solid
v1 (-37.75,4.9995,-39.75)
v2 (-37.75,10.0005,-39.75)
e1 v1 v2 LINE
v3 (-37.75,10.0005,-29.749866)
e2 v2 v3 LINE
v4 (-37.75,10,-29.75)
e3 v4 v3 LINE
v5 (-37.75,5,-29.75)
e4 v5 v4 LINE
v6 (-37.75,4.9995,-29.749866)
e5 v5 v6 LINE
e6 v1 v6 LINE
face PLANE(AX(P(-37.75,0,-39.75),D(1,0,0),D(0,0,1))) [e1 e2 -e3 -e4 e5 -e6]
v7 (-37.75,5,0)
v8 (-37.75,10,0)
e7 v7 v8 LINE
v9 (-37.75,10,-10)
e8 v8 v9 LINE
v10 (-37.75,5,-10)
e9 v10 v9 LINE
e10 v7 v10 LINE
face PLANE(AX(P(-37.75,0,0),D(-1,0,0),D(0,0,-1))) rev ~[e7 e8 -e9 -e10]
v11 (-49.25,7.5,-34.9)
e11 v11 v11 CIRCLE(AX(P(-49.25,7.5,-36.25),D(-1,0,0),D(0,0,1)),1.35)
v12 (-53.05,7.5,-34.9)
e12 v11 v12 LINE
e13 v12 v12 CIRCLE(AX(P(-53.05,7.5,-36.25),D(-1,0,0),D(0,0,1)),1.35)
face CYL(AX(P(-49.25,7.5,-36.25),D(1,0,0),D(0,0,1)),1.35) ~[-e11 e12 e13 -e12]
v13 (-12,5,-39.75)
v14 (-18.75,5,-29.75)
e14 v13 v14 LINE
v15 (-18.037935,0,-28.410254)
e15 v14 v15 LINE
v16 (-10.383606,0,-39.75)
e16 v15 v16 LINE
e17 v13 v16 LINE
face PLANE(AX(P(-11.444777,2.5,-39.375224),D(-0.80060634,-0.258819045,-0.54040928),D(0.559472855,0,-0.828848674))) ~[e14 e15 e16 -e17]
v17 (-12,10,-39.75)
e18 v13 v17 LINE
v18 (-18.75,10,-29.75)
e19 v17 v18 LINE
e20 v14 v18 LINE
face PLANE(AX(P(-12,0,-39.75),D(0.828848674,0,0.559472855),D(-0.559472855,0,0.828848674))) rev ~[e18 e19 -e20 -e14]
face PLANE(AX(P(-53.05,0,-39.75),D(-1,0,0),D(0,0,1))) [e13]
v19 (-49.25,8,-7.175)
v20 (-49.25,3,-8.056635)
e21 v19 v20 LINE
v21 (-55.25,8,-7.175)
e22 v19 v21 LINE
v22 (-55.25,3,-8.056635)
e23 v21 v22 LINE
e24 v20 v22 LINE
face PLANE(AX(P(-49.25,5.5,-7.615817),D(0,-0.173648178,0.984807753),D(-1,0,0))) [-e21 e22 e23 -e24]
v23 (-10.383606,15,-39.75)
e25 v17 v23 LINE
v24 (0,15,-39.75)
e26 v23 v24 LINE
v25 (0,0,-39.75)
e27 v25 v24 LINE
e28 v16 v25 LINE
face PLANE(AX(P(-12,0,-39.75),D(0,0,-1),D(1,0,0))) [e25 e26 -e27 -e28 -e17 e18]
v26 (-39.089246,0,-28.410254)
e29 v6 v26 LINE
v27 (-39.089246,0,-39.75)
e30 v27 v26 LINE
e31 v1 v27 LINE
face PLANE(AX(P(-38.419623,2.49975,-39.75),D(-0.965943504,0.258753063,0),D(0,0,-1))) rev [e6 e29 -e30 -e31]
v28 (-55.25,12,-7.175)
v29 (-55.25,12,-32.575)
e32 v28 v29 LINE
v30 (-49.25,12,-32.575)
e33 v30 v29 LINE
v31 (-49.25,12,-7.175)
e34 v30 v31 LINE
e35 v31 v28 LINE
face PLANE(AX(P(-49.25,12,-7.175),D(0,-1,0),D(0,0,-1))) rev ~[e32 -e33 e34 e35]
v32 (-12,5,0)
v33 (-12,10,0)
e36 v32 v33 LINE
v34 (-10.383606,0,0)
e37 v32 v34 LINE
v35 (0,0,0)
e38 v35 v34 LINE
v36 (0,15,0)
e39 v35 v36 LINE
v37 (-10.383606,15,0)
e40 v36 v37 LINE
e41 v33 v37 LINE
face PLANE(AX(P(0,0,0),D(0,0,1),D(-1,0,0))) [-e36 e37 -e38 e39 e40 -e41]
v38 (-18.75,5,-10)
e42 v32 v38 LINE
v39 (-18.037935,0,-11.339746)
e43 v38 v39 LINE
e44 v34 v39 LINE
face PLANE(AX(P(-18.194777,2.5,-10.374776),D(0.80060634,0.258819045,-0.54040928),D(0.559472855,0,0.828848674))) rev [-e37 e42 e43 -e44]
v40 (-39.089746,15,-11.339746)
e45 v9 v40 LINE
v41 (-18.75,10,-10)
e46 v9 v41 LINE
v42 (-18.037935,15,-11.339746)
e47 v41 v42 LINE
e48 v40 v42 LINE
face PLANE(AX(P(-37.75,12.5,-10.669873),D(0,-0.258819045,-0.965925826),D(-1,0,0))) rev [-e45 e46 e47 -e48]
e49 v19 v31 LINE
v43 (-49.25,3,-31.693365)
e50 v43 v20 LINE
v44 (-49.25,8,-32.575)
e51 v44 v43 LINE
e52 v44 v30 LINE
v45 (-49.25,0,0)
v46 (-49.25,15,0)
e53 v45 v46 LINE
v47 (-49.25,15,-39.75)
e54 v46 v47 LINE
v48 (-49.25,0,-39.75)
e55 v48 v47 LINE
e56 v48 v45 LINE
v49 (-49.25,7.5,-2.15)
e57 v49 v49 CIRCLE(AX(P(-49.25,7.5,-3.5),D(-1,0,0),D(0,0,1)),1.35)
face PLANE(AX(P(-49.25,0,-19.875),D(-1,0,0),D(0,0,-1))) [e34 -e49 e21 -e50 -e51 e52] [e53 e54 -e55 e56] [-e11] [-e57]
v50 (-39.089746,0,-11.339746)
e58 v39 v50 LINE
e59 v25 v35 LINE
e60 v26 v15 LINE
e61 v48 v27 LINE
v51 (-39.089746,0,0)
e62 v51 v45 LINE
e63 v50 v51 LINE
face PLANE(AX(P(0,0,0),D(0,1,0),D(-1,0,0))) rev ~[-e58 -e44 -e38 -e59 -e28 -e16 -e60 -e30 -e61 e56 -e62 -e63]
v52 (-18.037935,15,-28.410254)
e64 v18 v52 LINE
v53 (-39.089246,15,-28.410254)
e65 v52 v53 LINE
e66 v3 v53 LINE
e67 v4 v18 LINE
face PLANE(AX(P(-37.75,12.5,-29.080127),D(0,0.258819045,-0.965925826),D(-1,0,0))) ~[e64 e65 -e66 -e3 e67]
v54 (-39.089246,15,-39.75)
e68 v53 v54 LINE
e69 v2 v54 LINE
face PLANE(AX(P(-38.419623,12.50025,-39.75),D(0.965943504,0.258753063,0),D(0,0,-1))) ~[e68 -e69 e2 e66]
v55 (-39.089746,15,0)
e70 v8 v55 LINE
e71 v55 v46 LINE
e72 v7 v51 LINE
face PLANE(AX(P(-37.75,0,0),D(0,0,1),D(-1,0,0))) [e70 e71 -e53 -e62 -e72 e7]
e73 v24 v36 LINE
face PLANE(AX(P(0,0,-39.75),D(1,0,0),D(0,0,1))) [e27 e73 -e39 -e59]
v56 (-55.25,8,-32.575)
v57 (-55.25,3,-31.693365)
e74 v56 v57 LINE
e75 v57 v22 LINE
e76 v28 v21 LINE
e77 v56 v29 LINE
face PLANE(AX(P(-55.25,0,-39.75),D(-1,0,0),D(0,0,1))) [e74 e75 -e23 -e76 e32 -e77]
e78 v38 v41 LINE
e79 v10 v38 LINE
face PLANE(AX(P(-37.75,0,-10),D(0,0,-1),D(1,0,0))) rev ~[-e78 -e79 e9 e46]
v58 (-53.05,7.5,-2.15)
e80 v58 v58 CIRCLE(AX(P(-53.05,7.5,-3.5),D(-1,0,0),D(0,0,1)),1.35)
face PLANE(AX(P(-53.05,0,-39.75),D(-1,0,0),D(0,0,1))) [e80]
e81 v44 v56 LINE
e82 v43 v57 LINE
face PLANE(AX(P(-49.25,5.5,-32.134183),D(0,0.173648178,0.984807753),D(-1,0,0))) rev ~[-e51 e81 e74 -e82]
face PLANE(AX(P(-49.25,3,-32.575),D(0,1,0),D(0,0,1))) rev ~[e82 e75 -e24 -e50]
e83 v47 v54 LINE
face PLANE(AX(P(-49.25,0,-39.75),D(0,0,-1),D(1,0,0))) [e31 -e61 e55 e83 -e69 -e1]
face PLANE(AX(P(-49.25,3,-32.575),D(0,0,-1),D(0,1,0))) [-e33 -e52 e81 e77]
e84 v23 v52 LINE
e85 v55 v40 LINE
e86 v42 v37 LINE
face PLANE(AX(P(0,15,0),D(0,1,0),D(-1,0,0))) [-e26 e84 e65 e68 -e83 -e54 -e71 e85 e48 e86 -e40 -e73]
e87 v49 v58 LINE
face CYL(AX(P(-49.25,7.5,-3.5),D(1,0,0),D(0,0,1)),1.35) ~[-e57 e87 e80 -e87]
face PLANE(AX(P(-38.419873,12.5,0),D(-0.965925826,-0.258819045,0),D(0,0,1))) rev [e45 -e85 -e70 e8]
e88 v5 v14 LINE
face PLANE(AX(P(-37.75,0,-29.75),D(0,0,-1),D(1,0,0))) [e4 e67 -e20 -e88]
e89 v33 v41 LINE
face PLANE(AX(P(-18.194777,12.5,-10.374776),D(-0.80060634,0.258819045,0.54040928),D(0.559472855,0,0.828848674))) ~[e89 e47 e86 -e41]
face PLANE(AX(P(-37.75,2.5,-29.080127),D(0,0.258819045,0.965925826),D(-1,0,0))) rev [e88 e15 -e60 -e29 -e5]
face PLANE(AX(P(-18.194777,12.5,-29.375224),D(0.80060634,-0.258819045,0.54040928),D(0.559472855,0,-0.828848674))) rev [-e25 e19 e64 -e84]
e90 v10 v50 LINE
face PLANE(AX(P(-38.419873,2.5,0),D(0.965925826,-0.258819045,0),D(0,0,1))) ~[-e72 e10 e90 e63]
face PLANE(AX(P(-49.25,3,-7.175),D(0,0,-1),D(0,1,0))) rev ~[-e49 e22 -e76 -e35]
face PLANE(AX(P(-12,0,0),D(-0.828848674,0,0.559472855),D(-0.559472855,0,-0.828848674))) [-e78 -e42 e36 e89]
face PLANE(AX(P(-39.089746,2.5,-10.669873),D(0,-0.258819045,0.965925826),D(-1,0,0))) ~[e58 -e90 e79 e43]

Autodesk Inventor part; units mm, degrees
ref_plane "YZ Plane" through (0, 0, 0) normal (1, 0, 0) x (0, 1, 0)
ref_plane "XZ Plane" through (0, 0, 0) normal (0, 1, 0) x (-1, 0, 0)
ref_plane "XY Plane" through (0, 0, 0) normal (0, 0, 1) x (1, 0, 0)
sketch "Sketch1" plane through (0, 0, 0) normal (0, 1, 0) x (-1, 0, 0)
  line L0 (0, 0) -> (49.25, 0)
  line L1 (49.25, 0) -> (49.25, -39.75)
  line L2 (49.25, -39.75) -> (0, -39.75)
  line L3 (0, -39.75) -> (0, 0)
  line L4 (49.25, 0) -> (37.75, 0)
  line L5 (37.75, 0) -> (37.75, -10)
  line L6 (37.75, -10) -> (18.75, -10)
  line L7 (0, 0) -> (12, 0)
  line L8 (12, 0) -> (18.75, -10)
  line L9 (49.25, -19.875) -> (61.5731, -19.875)
  line L10 (37.75, -39.75) -> (37.75, -29.75)
  line L11 (37.75, -29.75) -> (18.75, -29.75)
  line L12 (12, -39.75) -> (18.75, -29.75)
  dimension "d0" = 49.25
  dimension "d1" = 39.75
  dimension "d2" = 11.5
  dimension "d3" = 10
  dimension "d4" = 19
  dimension "d5" = 12
extrude "Extrusion1" add sketch "Sketch1" along normal blind 15 contours L0 L8 L6 L5 L1 L2 L10 L11 L12 L3
chamfer "Chamfer1" distance 5 angle 15 1 edges at (-28.25, 15, -10) measured on face at (-31.4167, 5, -10)
chamfer "Chamfer2" distance 5 angle 15 1 edges at (-15.375, 15, -5) measured on face at (-14.25, 8.3333, -3.3333)
chamfer "Chamfer3" distance 5 angle 15 1 edges at (-37.75, 15, -5) measured on face at (-37.75, 8.3333, -3.3333)
chamfer "Chamfer4" distance 5 angle 15 1 edges at (-37.75, 0, -5) measured on face at (-37.75, 3.3333, -3.3333)
chamfer "Chamfer5" distance 5 angle 15 1 edges at (-28.25, 0, -10) measured on face at (-25.0833, 5, -10)
chamfer "Chamfer6" distance 5 angle 15 1 edges at (-15.375, 0, -5) measured on face at (-14.25, 5, -3.3333)
chamfer "Chamfer7" distance 5 angle 15 1 edges at (-28.25, 15, -29.75) measured on face at (-25.0833, 5, -29.75)
chamfer "Chamfer8" distance 5 angle 15 1 edges at (-15.375, 15, -34.75) measured on face at (-14.25, 8.3333, -36.4167)
chamfer "Chamfer9" distance 5 angle 15 1 edges at (-15.375, 0, -34.75) measured on face at (-14.25, 6.6667, -36.4167)
chamfer "Chamfer10" distance 5 angle 15 1 edges at (-28.25, 0, -29.75) measured on face at (-31.4167, 5, -29.75)
chamfer "Chamfer11" distance 5 angle 15 1 edges at (-37.75, 15, -34.75) measured on face at (-37.75, 8.3333, -36.4167)
chamfer "Chamfer12" distance 5 angle 15 1 edges at (-37.75, 0, -34.75) measured on face at (-37.75, 5.0002, -36.4167)
sketch "Sketch2" plane through (-49.25, 0, -39.75) normal (-1, 0, 0) x (0, 0, 1)
  line L0 (39.75, 0) -> (0, 0) projected
  line L1 (19.875, 0) -> (7.175, 0)
  line L2 (7.175, 0) -> (32.575, 0)
  line L3 (32.575, 0) -> (32.575, 15)
  line L4 (28.4103, 15) -> (39.75, 15) projected
  line L5 (32.575, 7.5) -> (32.575, 3)
  line L6 (32.575, 3) -> (32.575, 12)
  line L7 (7.175, 0) -> (7.175, 15)
  line L8 (32.575, 12) -> (7.175, 12)
  line L9 (7.175, 12) -> (7.175, 3)
  line L10 (7.175, 3) -> (32.575, 3)
  line L11 (32.575, 3) -> (32.575, 12)
  point P0 (7.175, 12)
  dimension "d44" = 12.7
  dimension "d45" = 25.4
  dimension "d46" = 4.5
  dimension "d47" = 9
extrude "Extrusion2" add sketch "Sketch2" along normal blind 6 contours L10 L7 L8 L3
chamfer "Chamfer13" distance 5 angle 10 1 edges at (-52.25, 3, -32.575) measured on face at (-51.25, 9, -32.575)
chamfer "Chamfer14" distance 5 angle 10 1 edges at (-52.25, 3, -7.175) measured on face at (-51.25, 6, -7.175)
sketch "Sketch3" plane through (-49.25, 0, -39.75) normal (-1, 0, 0) x (0, 0, 1)
  line L0 (39.75, 0) -> (39.75, 15) projected
  line L1 (39.75, 7.5) -> (36.25, 7.5)
  line L2 (0, 15) -> (39.75, 15) projected
  line L3 (19.875, 15) -> (19.875, 18.5612)
  circle A0 centre (36.25, 7.5) radius 1.35
  circle A1 centre (3.5, 7.5) radius 1.35
  dimension "d56" = 3.5
  dimension "d57" = 2.7
extrude "Extrusion3" add sketch "Sketch3" along normal blind 3.8
properties part number "vga_plug"
